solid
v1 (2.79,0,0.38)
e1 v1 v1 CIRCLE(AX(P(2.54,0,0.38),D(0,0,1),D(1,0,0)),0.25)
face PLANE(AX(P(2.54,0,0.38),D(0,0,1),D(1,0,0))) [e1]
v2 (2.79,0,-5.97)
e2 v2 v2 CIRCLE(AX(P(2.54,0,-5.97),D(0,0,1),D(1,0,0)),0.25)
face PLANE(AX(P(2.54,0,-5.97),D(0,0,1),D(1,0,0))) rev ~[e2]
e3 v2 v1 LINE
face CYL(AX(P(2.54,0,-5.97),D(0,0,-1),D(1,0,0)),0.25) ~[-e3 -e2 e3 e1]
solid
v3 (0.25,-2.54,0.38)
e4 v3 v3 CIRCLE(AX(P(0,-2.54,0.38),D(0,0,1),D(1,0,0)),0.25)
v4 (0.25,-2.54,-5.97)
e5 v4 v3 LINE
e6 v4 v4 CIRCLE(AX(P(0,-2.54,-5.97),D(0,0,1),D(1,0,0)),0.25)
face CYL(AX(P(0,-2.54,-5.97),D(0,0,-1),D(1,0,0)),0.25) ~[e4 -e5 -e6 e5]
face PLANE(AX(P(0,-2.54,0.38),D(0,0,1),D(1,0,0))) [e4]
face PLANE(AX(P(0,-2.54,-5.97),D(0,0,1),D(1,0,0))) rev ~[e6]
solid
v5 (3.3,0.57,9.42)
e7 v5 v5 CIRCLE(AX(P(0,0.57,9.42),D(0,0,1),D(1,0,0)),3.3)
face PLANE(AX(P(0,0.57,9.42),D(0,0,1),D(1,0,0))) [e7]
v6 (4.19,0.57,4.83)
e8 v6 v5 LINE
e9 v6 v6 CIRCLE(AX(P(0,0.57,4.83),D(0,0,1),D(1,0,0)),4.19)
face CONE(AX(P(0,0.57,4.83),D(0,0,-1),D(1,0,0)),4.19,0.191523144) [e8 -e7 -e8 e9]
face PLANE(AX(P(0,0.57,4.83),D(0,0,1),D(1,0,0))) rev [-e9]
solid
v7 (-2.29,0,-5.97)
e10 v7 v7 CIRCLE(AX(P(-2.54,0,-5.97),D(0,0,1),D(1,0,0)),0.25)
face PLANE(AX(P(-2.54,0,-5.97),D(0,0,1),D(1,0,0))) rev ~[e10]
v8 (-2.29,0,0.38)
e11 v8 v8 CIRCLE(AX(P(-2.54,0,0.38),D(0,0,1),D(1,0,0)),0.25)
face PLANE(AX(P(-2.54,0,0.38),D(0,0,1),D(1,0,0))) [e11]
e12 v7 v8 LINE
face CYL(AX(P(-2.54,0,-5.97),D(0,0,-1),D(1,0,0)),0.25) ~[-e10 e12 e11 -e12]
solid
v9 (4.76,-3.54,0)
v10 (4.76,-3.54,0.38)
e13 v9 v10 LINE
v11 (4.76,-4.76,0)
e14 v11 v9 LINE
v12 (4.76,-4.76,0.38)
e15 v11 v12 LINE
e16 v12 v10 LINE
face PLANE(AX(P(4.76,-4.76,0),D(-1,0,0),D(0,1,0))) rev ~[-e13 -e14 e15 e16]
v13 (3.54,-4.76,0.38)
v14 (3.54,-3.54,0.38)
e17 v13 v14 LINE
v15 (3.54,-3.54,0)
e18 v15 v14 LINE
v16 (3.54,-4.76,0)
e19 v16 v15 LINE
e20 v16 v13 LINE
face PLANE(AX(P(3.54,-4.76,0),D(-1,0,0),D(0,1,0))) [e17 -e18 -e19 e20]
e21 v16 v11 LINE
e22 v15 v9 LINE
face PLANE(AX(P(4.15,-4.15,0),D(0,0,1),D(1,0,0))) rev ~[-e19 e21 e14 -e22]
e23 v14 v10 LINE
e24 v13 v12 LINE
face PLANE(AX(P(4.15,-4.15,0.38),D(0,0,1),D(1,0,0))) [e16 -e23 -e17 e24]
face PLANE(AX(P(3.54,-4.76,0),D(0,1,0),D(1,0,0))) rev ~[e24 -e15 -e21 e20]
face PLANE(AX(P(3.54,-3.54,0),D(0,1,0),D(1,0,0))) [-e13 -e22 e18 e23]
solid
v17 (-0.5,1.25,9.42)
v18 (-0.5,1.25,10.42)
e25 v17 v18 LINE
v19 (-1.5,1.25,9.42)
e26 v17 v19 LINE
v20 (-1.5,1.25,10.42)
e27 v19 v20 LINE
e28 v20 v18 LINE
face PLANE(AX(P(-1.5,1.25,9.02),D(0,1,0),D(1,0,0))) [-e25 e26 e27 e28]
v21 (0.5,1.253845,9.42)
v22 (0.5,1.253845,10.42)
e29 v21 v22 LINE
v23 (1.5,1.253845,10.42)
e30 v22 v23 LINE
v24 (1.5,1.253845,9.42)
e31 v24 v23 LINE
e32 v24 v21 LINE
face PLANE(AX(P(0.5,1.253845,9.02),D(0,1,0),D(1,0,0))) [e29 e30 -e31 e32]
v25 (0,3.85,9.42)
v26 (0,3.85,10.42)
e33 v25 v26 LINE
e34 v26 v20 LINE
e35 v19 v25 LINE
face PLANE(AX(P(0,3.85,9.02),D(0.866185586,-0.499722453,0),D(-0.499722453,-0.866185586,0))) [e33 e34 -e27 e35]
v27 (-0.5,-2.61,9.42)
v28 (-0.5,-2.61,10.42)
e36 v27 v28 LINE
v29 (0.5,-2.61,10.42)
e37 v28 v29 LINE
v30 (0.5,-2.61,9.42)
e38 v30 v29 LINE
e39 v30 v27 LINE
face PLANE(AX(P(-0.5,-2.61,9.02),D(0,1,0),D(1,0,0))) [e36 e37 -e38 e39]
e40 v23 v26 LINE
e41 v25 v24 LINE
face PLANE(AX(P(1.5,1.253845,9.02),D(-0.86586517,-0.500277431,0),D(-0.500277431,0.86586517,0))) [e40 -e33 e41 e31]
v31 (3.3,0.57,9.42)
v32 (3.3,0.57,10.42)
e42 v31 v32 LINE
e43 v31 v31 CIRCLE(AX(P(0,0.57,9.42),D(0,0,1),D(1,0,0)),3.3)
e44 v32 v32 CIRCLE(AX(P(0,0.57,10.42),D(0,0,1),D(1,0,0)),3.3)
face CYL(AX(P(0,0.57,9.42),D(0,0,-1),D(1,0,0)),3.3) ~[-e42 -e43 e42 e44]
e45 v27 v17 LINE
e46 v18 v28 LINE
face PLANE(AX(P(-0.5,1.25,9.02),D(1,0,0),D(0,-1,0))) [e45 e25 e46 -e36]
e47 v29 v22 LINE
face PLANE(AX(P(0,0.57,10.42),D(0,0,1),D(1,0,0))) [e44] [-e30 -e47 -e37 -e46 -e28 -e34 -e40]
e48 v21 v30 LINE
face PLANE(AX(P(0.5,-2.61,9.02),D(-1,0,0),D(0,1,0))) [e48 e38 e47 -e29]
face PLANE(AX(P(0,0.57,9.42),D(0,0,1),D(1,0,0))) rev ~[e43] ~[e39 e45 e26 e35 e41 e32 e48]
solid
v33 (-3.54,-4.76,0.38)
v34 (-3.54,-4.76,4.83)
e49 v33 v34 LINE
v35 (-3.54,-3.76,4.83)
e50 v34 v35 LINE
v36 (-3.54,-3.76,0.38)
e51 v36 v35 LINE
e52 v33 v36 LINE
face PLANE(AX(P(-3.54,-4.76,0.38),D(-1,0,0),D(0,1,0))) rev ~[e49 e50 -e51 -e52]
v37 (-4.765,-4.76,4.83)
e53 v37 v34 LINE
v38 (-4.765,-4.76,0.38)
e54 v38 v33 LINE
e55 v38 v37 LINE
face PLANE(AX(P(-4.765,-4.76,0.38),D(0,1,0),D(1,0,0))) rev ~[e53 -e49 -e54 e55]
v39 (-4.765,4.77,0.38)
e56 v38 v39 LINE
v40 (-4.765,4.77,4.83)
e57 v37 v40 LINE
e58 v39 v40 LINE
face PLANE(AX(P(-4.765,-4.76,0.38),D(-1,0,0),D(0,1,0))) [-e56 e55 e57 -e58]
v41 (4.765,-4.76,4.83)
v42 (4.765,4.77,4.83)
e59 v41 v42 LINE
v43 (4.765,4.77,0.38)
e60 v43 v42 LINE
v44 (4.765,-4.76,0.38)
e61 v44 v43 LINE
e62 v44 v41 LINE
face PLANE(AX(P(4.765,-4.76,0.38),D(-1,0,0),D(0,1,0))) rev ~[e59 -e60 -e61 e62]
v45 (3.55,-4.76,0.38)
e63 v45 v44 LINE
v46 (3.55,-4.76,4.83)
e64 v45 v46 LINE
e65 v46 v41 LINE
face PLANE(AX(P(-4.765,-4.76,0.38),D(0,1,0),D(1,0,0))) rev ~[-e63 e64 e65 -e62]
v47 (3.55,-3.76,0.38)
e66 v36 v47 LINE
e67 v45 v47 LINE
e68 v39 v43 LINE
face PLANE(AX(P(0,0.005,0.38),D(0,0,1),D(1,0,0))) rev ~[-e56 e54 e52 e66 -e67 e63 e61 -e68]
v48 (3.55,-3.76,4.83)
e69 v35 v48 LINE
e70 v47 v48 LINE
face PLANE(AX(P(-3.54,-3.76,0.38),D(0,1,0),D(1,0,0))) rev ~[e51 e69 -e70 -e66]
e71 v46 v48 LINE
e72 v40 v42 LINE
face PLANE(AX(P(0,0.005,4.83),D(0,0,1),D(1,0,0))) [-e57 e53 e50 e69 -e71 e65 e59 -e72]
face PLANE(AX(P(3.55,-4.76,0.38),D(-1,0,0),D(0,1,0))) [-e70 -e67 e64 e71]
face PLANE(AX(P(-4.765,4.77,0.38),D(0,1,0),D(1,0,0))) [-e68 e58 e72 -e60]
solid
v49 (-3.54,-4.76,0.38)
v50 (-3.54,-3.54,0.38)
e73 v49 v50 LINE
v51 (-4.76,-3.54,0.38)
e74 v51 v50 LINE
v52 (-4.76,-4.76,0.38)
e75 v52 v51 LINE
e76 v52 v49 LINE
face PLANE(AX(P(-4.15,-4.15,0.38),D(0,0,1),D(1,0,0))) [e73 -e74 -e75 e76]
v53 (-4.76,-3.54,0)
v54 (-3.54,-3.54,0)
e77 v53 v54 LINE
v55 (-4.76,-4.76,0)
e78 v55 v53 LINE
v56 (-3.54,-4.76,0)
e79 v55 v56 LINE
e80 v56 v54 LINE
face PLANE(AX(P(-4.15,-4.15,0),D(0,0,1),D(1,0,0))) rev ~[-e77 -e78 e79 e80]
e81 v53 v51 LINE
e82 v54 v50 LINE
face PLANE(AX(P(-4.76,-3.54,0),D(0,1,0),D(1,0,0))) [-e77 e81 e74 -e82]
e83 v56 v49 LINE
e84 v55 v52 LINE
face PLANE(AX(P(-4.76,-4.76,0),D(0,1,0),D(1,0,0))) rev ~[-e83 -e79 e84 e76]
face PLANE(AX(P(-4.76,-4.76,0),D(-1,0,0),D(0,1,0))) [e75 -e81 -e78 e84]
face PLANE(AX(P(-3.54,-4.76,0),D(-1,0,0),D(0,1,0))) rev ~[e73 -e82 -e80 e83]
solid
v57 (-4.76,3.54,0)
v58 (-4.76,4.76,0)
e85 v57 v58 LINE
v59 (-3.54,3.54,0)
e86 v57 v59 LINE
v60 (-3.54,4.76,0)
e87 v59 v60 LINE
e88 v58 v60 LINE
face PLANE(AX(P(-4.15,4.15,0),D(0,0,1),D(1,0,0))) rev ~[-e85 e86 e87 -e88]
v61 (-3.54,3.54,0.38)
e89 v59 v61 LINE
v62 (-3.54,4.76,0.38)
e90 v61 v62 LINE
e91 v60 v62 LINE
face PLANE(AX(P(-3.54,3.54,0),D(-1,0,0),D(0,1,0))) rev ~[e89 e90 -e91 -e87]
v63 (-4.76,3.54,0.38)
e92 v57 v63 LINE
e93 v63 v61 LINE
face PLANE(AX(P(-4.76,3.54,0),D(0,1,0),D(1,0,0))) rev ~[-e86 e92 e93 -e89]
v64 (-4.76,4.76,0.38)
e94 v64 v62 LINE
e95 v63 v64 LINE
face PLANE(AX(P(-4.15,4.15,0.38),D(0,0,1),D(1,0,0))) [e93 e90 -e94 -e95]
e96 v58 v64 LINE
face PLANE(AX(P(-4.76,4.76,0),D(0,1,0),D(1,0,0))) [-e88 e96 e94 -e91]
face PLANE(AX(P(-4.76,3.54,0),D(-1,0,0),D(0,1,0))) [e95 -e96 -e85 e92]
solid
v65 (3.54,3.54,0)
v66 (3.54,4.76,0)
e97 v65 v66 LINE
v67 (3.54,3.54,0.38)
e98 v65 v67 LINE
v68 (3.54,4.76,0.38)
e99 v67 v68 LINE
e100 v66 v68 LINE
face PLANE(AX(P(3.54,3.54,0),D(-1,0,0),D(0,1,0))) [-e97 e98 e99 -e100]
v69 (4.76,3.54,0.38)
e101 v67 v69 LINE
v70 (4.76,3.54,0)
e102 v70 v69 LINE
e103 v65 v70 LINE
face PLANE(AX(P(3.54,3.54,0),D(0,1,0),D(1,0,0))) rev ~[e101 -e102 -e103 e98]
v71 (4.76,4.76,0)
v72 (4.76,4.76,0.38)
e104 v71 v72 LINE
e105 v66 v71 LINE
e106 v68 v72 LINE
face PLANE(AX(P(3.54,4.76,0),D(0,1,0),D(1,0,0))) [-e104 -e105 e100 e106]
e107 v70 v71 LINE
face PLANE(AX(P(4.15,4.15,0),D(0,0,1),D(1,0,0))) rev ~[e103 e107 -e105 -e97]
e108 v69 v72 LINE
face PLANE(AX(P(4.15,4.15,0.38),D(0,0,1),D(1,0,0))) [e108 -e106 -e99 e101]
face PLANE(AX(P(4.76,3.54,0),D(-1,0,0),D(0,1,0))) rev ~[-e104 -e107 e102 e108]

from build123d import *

# Parameters (mm, degrees)
BOX001_W          = 1.22
BOX001_H          = 1.22
BOX001_DEPTH      = 0.38
BOX002_W          = 1.22
BOX002_H          = 1.22
BOX002_DEPTH      = 0.38
BOX003_W          = 1.22
BOX003_H          = 1.22
BOX003_DEPTH      = 0.38
BOX004_W          = 1.22
BOX004_H          = 1.22
BOX004_DEPTH      = 0.38
BOX005_W          = 7.09
BOX005_H          = 1
BOX005_DEPTH      = 4.45
BOX_W             = 9.53
BOX_H             = 9.53
BOX_DEPTH         = 4.45
CYLINDER_R        = 0.25
CYLINDER_DEPTH    = 6.35
CYLINDER001_R     = 0.25
CYLINDER001_DEPTH = 6.35
CYLINDER002_R     = 0.25
CYLINDER002_DEPTH = 6.35
PAD_DEPTH         = 1.4
CYLINDER003_R     = 3.3
CYLINDER003_DEPTH = 1


with BuildPart() as cube001:
    # Box001 → Box001 (new body)
    with BuildSketch(Plane(origin=(-4.76, -4.76, 0), x_dir=(1, 0, 0), z_dir=(0, 0, 1))):
        with Locations((0.61, 0.61)):
            Rectangle(BOX001_W, BOX001_H)
    extrude(amount=BOX001_DEPTH)


with BuildPart() as cube002:
    # Box002 → Box002 (new body)
    with BuildSketch(Plane(origin=(-4.76, 3.54, 0), x_dir=(1, 0, 0), z_dir=(0, 0, 1))):
        with Locations((0.61, 0.61)):
            Rectangle(BOX002_W, BOX002_H)
    extrude(amount=BOX002_DEPTH)


with BuildPart() as cube003:
    # Box003 → Box003 (new body)
    with BuildSketch(Plane(origin=(3.54, -4.76, 0), x_dir=(1, 0, 0), z_dir=(0, 0, 1))):
        with Locations((0.61, 0.61)):
            Rectangle(BOX003_W, BOX003_H)
    extrude(amount=BOX003_DEPTH)


with BuildPart() as cube004:
    # Box004 → Box004 (new body)
    with BuildSketch(Plane(origin=(3.54, 3.54, 0), x_dir=(1, 0, 0), z_dir=(0, 0, 1))):
        with Locations((0.61, 0.61)):
            Rectangle(BOX004_W, BOX004_H)
    extrude(amount=BOX004_DEPTH)


with BuildPart() as cube005:
    # Box005 → Box005 (new body)
    with BuildSketch(Plane(origin=(-3.54, -4.76, 0.38), x_dir=(1, 0, 0), z_dir=(0, 0, 1))):
        with Locations((3.545, 0.5)):
            Rectangle(BOX005_W, BOX005_H)
    extrude(amount=BOX005_DEPTH)


with BuildPart() as cut:
    # Box → Box (new body)
    with BuildSketch(Plane(origin=(-4.765, -4.76, 0.38), x_dir=(1, 0, 0), z_dir=(0, 0, 1))):
        with Locations((4.765, 4.765)):
            Rectangle(BOX_W, BOX_H)
    extrude(amount=BOX_DEPTH)

    # Cut: cut Cube005
    add(cube005.part, mode=Mode.SUBTRACT)


with BuildPart() as cylinder:
    # Cylinder → Cylinder (new body)
    with BuildSketch(Plane(origin=(2.54, 0, -5.97), x_dir=(1, 0, 0), z_dir=(0, 0, 1))):
        Circle(CYLINDER_R)
    extrude(amount=CYLINDER_DEPTH)


with BuildPart() as cylinder001:
    # Cylinder001 → Cylinder001 (new body)
    with BuildSketch(Plane(origin=(-2.54, 0, -5.97), x_dir=(1, 0, 0), z_dir=(0, 0, 1))):
        Circle(CYLINDER001_R)
    extrude(amount=CYLINDER001_DEPTH)


with BuildPart() as cylinder002:
    # Cylinder002 → Cylinder002 (new body)
    with BuildSketch(Plane(origin=(0, -2.54, -5.97), x_dir=(1, 0, 0), z_dir=(0, 0, 1))):
        Circle(CYLINDER002_R)
    extrude(amount=CYLINDER002_DEPTH)


with BuildPart() as cone:
    # Cone → Cone (revolve)
    with BuildSketch(Plane(origin=(0, 0.57, 4.83), x_dir=(1, 0, 0), z_dir=(0, -1, 0))):
        Polygon((0, 0), (4.19, 0), (3.3, 4.59), (0, 4.59), align=None)
    revolve(axis=Axis((0, 0.57, 4.83), (0, 0, 1)))


with BuildPart() as body:
    # Sketch → Pad (new body)
    with BuildSketch(Plane.XY):
        Polygon((-0.5, -2.61), (0.5, -2.61), (0.5, 1.253845), (1.5, 1.253845), (0, 3.85), (-1.5, 1.25), (-0.5, 1.25), align=None)
    extrude(amount=PAD_DEPTH)


with BuildPart() as body_1:
    # Body placement: moved
    add(body.part.moved(Location((0, 0, 9.02))))


with BuildPart() as cut001:
    # Cylinder003 → Cylinder003 (new body)
    with BuildSketch(Plane(origin=(0, 0.57, 9.42), x_dir=(1, 0, 0), z_dir=(0, 0, 1))):
        Circle(CYLINDER003_R)
    extrude(amount=CYLINDER003_DEPTH)

    # Cut001: cut Body
    add(body_1.part, mode=Mode.SUBTRACT)


solid = Compound([cube001.part, cube002.part, cube003.part, cube004.part, cut.part, cylinder.part, cylinder001.part, cylinder002.part, cone.part, cut001.part])
